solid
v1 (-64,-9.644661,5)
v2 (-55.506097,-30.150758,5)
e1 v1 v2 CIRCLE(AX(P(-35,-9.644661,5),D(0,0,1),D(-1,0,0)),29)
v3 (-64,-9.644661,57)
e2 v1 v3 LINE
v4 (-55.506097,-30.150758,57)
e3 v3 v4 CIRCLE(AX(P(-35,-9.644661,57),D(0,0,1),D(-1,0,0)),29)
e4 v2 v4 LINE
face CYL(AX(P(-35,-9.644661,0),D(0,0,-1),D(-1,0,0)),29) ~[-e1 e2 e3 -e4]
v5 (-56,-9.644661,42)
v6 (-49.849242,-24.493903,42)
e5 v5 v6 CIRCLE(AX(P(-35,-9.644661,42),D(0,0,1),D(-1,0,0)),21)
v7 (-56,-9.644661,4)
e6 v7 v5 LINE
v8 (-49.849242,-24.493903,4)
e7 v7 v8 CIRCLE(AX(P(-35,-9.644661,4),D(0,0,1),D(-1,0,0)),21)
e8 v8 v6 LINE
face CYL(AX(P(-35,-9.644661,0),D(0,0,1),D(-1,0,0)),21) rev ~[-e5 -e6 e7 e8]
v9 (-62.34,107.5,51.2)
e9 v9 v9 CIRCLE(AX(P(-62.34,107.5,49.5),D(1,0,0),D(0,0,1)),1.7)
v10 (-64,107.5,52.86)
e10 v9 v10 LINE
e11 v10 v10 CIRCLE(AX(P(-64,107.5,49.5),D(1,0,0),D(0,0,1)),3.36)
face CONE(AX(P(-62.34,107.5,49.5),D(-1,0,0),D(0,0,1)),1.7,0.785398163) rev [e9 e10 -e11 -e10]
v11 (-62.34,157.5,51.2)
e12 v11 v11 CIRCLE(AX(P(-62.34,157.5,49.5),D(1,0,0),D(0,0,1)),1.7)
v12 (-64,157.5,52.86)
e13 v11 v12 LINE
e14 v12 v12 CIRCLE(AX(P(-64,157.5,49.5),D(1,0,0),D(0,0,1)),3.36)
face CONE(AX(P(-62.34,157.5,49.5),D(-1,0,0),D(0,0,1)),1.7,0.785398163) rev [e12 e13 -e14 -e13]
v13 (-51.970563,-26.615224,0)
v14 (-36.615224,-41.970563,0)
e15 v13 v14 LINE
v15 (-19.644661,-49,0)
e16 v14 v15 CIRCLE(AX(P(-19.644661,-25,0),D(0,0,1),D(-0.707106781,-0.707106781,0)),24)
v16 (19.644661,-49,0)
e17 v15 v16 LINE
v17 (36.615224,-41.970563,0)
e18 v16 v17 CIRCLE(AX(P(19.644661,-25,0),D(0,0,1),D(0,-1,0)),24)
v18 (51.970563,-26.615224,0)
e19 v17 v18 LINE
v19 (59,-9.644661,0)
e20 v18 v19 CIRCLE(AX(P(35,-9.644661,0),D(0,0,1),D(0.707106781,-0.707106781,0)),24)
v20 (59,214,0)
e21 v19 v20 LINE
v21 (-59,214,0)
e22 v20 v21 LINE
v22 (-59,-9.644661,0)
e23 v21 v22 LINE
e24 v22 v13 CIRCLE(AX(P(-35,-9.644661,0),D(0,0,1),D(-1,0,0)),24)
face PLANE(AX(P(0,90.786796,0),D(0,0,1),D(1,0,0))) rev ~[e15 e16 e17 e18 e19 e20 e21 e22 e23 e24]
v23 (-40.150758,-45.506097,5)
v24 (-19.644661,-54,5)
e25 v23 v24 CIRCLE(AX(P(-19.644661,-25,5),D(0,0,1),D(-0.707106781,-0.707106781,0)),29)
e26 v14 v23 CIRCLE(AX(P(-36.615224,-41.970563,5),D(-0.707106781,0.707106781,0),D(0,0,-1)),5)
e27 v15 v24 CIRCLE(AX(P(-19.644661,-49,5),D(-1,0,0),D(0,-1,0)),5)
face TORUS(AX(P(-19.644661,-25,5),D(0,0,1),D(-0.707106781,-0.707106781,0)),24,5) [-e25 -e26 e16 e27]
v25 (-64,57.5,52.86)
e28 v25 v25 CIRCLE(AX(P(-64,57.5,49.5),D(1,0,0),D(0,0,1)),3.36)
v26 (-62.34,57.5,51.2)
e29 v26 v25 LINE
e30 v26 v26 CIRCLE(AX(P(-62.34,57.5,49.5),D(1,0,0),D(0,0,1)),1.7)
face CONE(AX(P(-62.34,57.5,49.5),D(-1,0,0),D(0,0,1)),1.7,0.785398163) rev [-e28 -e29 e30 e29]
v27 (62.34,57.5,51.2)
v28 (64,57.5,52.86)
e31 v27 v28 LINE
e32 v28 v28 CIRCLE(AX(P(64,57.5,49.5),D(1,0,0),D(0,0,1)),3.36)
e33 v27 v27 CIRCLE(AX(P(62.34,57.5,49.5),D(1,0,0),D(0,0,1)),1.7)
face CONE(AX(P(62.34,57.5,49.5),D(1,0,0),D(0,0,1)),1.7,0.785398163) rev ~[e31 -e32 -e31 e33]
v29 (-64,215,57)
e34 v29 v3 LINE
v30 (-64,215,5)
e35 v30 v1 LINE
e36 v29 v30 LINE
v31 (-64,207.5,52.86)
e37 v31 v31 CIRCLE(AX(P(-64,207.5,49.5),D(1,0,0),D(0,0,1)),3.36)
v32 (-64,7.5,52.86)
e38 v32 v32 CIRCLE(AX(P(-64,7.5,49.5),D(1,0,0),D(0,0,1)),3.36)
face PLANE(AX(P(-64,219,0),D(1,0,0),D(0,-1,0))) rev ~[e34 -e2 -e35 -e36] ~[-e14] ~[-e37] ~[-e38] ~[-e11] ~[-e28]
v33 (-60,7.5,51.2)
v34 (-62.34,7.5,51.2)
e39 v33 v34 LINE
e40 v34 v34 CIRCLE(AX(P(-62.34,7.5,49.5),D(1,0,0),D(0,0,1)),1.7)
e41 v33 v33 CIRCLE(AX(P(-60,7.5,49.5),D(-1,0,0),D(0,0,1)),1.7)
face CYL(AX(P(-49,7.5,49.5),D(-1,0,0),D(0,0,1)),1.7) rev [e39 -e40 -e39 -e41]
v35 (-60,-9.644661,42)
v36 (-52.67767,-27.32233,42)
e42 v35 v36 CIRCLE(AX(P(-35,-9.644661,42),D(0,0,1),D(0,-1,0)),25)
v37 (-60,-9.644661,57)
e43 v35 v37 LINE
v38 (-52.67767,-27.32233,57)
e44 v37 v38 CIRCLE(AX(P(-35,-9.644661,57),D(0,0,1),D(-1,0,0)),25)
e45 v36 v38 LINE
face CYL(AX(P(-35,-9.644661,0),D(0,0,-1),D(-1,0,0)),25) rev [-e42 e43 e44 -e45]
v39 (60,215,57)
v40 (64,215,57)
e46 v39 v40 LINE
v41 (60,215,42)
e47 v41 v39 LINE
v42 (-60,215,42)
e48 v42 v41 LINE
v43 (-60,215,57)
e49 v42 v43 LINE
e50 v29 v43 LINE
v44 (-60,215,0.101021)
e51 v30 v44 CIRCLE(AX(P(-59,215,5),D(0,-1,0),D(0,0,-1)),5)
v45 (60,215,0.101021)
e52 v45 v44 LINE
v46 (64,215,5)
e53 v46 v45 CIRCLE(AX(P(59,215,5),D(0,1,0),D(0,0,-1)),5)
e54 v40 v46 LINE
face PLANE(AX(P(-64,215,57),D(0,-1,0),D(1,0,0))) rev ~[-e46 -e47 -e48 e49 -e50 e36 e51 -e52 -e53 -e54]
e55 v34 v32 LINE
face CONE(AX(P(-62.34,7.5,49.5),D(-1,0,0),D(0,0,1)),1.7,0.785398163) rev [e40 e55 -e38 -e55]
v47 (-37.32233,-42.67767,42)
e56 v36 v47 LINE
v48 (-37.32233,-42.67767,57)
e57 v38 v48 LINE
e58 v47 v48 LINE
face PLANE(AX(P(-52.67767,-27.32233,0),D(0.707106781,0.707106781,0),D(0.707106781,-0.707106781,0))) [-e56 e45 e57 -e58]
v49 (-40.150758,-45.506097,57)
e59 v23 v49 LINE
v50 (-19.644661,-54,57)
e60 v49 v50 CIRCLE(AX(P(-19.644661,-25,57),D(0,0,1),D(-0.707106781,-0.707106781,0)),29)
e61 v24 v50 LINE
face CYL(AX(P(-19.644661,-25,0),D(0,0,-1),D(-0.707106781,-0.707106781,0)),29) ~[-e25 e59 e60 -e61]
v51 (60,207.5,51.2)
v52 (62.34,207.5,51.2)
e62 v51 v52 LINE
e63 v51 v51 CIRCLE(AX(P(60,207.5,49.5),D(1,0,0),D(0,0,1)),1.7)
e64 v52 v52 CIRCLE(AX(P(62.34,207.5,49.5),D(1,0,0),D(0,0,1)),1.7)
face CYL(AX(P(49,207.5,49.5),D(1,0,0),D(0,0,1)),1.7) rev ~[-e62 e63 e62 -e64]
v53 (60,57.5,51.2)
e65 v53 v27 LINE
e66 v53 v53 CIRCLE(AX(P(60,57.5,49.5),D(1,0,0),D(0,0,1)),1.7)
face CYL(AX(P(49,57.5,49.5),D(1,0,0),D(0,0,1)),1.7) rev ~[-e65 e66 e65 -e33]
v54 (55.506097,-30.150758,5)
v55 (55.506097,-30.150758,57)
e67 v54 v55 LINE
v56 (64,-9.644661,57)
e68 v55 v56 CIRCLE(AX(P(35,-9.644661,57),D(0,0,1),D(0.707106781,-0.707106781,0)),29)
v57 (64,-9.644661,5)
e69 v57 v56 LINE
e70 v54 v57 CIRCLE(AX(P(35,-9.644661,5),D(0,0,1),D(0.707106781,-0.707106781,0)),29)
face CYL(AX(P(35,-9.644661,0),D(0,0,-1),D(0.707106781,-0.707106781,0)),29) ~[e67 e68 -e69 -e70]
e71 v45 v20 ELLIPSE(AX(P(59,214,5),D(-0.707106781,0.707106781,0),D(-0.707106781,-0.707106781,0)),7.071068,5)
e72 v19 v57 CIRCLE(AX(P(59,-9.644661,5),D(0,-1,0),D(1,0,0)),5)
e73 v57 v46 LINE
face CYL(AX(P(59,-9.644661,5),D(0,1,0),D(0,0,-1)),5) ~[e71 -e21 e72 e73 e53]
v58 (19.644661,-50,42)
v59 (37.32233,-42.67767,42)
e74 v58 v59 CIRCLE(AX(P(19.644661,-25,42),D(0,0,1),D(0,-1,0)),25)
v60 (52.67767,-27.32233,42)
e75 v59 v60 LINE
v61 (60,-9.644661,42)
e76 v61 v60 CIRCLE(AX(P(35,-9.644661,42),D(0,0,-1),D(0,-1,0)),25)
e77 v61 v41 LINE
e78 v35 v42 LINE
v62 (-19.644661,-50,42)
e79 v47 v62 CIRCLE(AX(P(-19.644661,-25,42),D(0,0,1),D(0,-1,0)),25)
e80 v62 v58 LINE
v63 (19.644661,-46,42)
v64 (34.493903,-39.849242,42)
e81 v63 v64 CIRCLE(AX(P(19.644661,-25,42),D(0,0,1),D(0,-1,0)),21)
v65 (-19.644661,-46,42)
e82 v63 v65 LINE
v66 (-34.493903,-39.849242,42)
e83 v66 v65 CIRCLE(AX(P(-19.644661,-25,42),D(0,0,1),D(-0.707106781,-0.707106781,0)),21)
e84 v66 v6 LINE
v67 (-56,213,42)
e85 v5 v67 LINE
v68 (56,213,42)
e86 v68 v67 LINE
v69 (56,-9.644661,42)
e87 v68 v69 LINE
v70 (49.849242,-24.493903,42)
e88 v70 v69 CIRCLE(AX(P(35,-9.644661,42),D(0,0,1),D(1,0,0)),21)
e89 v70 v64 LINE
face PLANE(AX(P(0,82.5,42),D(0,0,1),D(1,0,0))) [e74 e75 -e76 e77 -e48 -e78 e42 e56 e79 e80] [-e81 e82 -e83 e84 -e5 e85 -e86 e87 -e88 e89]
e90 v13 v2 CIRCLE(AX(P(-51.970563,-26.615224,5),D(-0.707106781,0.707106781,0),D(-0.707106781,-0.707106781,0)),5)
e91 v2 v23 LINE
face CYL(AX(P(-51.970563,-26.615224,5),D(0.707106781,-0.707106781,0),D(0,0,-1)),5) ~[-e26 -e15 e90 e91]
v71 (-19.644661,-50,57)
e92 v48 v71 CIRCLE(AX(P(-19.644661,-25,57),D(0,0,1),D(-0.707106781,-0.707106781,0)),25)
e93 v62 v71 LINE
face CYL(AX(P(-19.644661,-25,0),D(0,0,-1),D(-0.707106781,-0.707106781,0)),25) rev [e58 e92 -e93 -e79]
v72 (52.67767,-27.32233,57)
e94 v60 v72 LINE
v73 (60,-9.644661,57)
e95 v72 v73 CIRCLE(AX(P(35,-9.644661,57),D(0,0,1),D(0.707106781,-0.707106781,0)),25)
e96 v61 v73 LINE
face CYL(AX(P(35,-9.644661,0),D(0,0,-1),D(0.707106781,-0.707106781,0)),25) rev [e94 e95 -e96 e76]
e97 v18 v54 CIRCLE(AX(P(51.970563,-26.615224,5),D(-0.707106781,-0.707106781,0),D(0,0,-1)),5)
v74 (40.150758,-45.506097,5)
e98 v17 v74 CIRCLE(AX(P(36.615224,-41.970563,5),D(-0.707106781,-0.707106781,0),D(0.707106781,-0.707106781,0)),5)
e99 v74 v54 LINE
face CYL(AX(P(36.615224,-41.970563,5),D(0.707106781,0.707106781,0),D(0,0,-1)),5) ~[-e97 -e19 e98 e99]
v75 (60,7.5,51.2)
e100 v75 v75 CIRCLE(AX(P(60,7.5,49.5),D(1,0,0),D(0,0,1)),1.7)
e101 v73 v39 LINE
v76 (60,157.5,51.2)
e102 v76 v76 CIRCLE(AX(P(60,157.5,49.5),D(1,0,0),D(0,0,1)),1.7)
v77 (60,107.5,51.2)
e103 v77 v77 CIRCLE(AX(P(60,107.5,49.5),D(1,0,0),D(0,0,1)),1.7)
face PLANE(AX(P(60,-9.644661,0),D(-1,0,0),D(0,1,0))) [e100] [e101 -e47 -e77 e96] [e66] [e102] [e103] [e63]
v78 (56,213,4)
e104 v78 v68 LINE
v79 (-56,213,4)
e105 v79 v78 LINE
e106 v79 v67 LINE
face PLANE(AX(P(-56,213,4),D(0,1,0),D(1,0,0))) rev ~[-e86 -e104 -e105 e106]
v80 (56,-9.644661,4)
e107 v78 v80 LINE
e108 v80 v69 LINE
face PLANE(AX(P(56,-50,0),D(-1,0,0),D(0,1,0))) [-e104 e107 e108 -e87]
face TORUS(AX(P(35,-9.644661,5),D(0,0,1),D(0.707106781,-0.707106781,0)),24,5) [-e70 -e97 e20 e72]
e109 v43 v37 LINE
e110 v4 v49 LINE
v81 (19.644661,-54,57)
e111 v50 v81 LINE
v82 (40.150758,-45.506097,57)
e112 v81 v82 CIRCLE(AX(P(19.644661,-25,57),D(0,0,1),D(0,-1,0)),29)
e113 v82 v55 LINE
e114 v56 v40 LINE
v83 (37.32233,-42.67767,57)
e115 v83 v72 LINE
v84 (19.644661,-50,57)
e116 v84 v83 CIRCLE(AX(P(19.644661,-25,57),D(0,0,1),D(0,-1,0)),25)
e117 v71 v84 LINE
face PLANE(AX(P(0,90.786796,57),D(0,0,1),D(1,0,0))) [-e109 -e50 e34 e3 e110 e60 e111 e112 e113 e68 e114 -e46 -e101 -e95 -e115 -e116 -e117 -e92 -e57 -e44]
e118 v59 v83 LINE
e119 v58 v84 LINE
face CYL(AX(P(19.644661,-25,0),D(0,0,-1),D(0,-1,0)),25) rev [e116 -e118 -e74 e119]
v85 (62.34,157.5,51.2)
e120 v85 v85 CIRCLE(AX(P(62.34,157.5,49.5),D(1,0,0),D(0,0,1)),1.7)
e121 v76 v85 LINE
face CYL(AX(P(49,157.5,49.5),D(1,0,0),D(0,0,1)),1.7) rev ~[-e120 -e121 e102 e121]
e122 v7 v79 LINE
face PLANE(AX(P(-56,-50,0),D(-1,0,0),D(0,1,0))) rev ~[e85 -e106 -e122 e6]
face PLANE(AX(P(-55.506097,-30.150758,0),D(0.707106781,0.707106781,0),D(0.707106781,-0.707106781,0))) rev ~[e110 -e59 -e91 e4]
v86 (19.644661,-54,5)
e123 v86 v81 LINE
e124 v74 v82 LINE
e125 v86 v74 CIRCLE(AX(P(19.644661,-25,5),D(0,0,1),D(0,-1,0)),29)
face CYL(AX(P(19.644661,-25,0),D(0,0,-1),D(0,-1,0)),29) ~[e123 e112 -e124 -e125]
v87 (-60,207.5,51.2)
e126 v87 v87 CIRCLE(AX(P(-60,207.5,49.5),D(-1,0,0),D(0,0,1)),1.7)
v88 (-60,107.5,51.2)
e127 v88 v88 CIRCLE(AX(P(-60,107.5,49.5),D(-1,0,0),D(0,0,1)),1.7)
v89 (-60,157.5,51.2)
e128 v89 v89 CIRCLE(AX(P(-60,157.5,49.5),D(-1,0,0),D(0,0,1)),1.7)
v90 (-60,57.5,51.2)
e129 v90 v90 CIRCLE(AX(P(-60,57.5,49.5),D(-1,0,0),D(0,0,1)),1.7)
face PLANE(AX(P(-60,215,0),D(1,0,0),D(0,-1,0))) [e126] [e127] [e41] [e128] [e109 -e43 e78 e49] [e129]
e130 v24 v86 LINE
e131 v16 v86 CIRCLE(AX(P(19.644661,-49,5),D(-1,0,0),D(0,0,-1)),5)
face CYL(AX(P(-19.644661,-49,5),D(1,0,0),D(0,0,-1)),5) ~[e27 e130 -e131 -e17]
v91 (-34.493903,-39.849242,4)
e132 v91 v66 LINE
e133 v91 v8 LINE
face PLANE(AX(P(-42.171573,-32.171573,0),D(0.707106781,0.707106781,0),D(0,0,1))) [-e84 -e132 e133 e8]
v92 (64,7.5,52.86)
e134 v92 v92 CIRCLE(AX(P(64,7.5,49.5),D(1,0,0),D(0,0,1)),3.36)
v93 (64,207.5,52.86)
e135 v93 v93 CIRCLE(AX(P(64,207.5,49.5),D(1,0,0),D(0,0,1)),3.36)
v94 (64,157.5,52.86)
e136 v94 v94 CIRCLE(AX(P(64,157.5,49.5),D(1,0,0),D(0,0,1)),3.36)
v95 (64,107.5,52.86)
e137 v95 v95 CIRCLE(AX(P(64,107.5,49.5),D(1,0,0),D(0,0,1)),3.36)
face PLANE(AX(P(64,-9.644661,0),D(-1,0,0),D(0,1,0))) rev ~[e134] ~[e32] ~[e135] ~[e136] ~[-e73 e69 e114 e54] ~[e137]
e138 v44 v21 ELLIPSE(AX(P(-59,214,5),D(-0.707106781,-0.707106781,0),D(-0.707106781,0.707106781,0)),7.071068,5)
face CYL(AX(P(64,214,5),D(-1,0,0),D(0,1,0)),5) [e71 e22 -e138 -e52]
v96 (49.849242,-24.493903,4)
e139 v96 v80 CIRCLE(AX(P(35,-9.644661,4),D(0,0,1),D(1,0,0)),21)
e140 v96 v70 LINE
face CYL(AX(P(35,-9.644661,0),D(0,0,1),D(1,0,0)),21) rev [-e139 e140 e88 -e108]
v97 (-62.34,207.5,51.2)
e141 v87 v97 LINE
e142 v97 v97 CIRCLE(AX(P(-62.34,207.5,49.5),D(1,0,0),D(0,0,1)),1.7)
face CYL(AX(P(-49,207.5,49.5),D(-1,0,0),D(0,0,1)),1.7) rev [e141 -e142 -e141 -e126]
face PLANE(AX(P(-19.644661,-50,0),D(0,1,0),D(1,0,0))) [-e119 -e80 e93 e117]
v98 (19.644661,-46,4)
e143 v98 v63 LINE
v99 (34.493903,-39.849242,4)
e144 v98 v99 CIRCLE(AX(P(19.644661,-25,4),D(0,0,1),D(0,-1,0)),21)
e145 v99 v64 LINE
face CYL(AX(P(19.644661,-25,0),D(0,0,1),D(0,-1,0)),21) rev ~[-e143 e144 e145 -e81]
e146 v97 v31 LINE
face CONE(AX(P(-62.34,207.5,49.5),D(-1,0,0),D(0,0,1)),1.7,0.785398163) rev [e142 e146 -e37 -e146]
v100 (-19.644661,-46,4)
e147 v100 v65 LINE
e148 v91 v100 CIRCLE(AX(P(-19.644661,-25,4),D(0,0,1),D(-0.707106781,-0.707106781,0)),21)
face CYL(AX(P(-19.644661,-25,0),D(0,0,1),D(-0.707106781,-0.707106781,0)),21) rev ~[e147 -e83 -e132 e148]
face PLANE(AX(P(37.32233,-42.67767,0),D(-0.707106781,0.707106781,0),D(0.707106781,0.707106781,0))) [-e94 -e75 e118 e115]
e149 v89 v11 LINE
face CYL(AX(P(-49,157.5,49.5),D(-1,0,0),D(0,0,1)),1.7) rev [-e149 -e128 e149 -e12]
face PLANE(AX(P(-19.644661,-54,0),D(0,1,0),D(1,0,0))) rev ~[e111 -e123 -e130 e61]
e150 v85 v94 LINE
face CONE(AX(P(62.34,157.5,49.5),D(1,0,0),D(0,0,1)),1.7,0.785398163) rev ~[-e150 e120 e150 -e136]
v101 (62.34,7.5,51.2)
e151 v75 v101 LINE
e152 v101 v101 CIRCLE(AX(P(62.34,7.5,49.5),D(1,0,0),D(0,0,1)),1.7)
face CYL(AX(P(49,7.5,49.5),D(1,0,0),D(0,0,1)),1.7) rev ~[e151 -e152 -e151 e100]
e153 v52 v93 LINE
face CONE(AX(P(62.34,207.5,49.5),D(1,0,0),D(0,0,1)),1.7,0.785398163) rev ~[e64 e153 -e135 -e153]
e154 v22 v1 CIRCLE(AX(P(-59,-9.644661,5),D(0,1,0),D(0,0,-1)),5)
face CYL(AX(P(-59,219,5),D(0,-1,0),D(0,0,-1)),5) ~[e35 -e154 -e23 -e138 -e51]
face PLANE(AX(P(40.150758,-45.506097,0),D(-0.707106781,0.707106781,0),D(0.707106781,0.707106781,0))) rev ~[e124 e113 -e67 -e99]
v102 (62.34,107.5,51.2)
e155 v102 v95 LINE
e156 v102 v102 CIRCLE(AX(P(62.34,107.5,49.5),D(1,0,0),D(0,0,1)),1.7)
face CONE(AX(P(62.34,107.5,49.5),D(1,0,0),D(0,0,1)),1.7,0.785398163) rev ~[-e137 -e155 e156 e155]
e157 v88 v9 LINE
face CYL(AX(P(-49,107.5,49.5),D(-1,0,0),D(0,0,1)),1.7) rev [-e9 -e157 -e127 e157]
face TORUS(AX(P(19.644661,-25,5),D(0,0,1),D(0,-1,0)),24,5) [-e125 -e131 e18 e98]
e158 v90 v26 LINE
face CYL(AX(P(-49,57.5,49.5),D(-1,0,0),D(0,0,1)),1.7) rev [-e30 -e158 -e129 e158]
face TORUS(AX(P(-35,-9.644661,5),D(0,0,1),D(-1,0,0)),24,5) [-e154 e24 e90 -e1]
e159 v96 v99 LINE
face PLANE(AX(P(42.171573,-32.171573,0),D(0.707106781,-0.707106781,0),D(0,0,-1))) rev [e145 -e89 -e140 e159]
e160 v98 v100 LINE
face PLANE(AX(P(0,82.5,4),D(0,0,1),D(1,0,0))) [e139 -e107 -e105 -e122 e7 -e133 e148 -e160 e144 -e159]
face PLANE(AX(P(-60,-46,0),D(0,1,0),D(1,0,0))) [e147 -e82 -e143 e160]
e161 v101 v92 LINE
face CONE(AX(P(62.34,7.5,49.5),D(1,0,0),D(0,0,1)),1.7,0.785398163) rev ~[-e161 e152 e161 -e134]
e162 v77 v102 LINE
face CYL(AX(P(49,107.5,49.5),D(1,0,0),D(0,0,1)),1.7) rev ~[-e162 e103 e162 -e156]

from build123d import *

# Parameters (mm, degrees)
SKETCH1_W                    = 120
SKETCH1_H                    = 265
BOSS_EXTRUDE1_DEPTH          = 42
CHAMFER1_SIZE                = 30
FILLET3_R                    = 25
SHELL1_T                     = -4
FILLET4_R                    = 5
BOSS_EXTRUDE2_DEPTH          = 15
BOSS_EXTRUDE2_DEPTH_BACK     = 42
FILLET7_R                    = 5
SKETCH4_W                    = 128
SKETCH4_H                    = 4
CUT_EXTRUDE1_DEPTH           = 236.172277278
CSK_FOR_M3_SFHCS1_AT_2_COUNT = 2
CSK_FOR_M3_SFHCS1_AT_2_PITCH = 50
CSK_FOR_M3_SFHCS1_AT_3_COUNT = 2
CSK_FOR_M3_SFHCS1_AT_3_PITCH = 100
CSK_FOR_M3_SFHCS1_AT_4_COUNT = 2
CSK_FOR_M3_SFHCS1_AT_4_PITCH = 150
CSK_FOR_M3_SFHCS1_AT_5_COUNT = 2
CSK_FOR_M3_SFHCS1_AT_5_PITCH = 200
SKETCH7_W                    = 112
SKETCH7_H                    = 20.766378669
CUT_EXTRUDE2_DEPTH           = 231.4994577


with BuildPart() as part:
    # Sketch1 → Boss-Extrude1 (new body)
    with BuildSketch(Plane.XY):
        with Locations((0, 82.5)):
            Rectangle(SKETCH1_W, SKETCH1_H)
    extrude(amount=BOSS_EXTRUDE1_DEPTH)

    # Chamfer1
    chamfer1_edges = [part.edges().sort_by_distance(p)[0] for p in [
        (60, -50, 21),
        (-60, -50, 21),
    ]]
    chamfer(chamfer1_edges, length=CHAMFER1_SIZE)

    # Fillet3
    fillet3_edges = [part.edges().sort_by_distance(p)[0] for p in [
        (30, -50, 21),
        (-30, -50, 21),
        (-60, -20, 21),
        (60, -20, 21),
    ]]
    fillet(fillet3_edges, radius=FILLET3_R)

    # Shell1
    shell1_openings = [part.faces().sort_by_distance(p)[0] for p in [
        (0, 86.277211475, 42),
    ]]
    offset(amount=SHELL1_T, openings=shell1_openings, kind=Kind.INTERSECTION)

    # Fillet4
    fillet4_edges = [part.edges().sort_by_distance(p)[0] for p in [
        (-56, 211, 23),
        (56, 211, 23),
    ]]
    fillet(fillet4_edges, radius=FILLET4_R)

    # Sketch2 → Boss-Extrude2 (add, two sides: drawn at the far end of the back side and taken through both)
    with BuildSketch(Plane.XY.offset(42).offset(-BOSS_EXTRUDE2_DEPTH_BACK)):
        with BuildLine():
            Line((-64, 219), (-64, -9.644660941))
            ThreePointArc((-64, -9.644660941), (-61.792506443, -20.742480479), (-55.506096654, -30.150757595))
            Line((-55.506096654, -30.150757595), (-40.150757595, -45.506096654))
            ThreePointArc((-40.150757595, -45.506096654), (-30.742480479, -51.792506443), (-19.644660941, -54))
            Line((-19.644660941, -54), (19.644660941, -54))
            ThreePointArc((19.644660941, -54), (30.742480479, -51.792506443), (40.150757595, -45.506096654))
            Line((40.150757595, -45.506096654), (55.506096654, -30.150757595))
            ThreePointArc((55.506096654, -30.150757595), (61.792506443, -20.742480479), (64, -9.644660941))
            Line((64, -9.644660941), (64, 219))
            Line((64, 219), (-64, 219))
        make_face()
        with BuildLine():
            Line((-60, 215), (-60, -9.644660941))
            ThreePointArc((-60, -9.644660941), (-58.096988313, -19.21174675), (-52.67766953, -27.32233047))
            Line((-52.67766953, -27.32233047), (-37.32233047, -42.67766953))
            ThreePointArc((-37.32233047, -42.67766953), (-29.21174675, -48.096988313), (-19.644660941, -50))
            Line((-19.644660941, -50), (19.644660941, -50))
            ThreePointArc((19.644660941, -50), (29.21174675, -48.096988313), (37.32233047, -42.67766953))
            Line((37.32233047, -42.67766953), (52.67766953, -27.32233047))
            ThreePointArc((52.67766953, -27.32233047), (58.096988313, -19.21174675), (60, -9.644660941))
            Line((60, -9.644660941), (60, 215))
            Line((60, 215), (-60, 215))
        make_face(mode=Mode.SUBTRACT)
    extrude(amount=BOSS_EXTRUDE2_DEPTH + BOSS_EXTRUDE2_DEPTH_BACK)

    # Fillet7
    fillet7_edges = [part.edges().sort_by_distance(p)[0] for p in [
        (0, 219, 0),
        (64, 104.67766953, 0),
        (61.792506443, -20.742480479, 0),
        (47.828427125, -37.828427125, 0),
        (30.742480479, -51.792506443, 0),
        (0, -54, 0),
        (-30.742480479, -51.792506443, 0),
        (-47.828427125, -37.828427125, 0),
        (-61.792506443, -20.742480479, 0),
        (-64, 104.67766953, 0),
    ]]
    fillet(fillet7_edges, radius=FILLET7_R)

    # Sketch4 → Cut-Extrude1 (cut, through all)
    with BuildSketch(Plane.XY.offset(57)):
        with Locations((0, 217)):
            Rectangle(SKETCH4_W, SKETCH4_H)
    extrude(amount=-CUT_EXTRUDE1_DEPTH, mode=Mode.SUBTRACT)

    # Sketch6 → CSK for M3 SFHCS1 (revolve, cut)
    with BuildSketch(Plane(origin=(-64, 7.5, 49.5), x_dir=(0, 0, 1), z_dir=(0, 1, 0))):
        Polygon((0, 0), (0, 16.021463052), (1.7, 15), (1.7, 1.66), (3.36, 0), align=None)
    csk_for_m3_sfhcs1 = revolve(axis=Axis((-70.35, 7.5, 49.5), (1, 0, 0)), mode=Mode.SUBTRACT)

    # CSK for M3 SFHCS1 at 2: CSK for M3 SFHCS1 ×2
    with Locations(*[(0, i * CSK_FOR_M3_SFHCS1_AT_2_PITCH, 0) for i in range(1, CSK_FOR_M3_SFHCS1_AT_2_COUNT)]):
        add(csk_for_m3_sfhcs1, mode=Mode.SUBTRACT)

    # CSK for M3 SFHCS1 at 3: CSK for M3 SFHCS1 ×2
    with Locations(*[(0, i * CSK_FOR_M3_SFHCS1_AT_3_PITCH, 0) for i in range(1, CSK_FOR_M3_SFHCS1_AT_3_COUNT)]):
        add(csk_for_m3_sfhcs1, mode=Mode.SUBTRACT)

    # CSK for M3 SFHCS1 at 4: CSK for M3 SFHCS1 ×2
    with Locations(*[(0, i * CSK_FOR_M3_SFHCS1_AT_4_PITCH, 0) for i in range(1, CSK_FOR_M3_SFHCS1_AT_4_COUNT)]):
        add(csk_for_m3_sfhcs1, mode=Mode.SUBTRACT)

    # CSK for M3 SFHCS1 at 5: CSK for M3 SFHCS1 ×2
    with Locations(*[(0, i * CSK_FOR_M3_SFHCS1_AT_5_PITCH, 0) for i in range(1, CSK_FOR_M3_SFHCS1_AT_5_COUNT)]):
        add(csk_for_m3_sfhcs1, mode=Mode.SUBTRACT)

    # Mirror1: CSK for M3 SFHCS1 across plane
    add(csk_for_m3_sfhcs1.mirror(Plane(origin=(0, 0, 0), x_dir=(0, 0, 1), z_dir=(1, 0, 0))), mode=Mode.SUBTRACT)

    # Mirror1 copy 1 sketch → Mirror1 copy 1 (revolve, cut)
    with BuildSketch(Plane(origin=(64, 57.5, 49.5), x_dir=(0, 0, 1), z_dir=(0, 1, 0))):
        Polygon((0, 0), (0, -16.021463052), (1.7, -15), (1.7, -1.66), (3.36, 0), align=None)
    revolve(axis=Axis((70.35, 57.5, 49.5), (1, 0, 0)), mode=Mode.SUBTRACT)

    # Mirror1 copy 2 sketch → Mirror1 copy 2 (revolve, cut)
    with BuildSketch(Plane(origin=(64, 107.5, 49.5), x_dir=(0, 0, 1), z_dir=(0, 1, 0))):
        Polygon((0, 0), (0, -16.021463052), (1.7, -15), (1.7, -1.66), (3.36, 0), align=None)
    revolve(axis=Axis((70.35, 107.5, 49.5), (1, 0, 0)), mode=Mode.SUBTRACT)

    # Mirror1 copy 3 sketch → Mirror1 copy 3 (revolve, cut)
    with BuildSketch(Plane(origin=(64, 157.5, 49.5), x_dir=(0, 0, 1), z_dir=(0, 1, 0))):
        Polygon((0, 0), (0, -16.021463052), (1.7, -15), (1.7, -1.66), (3.36, 0), align=None)
    revolve(axis=Axis((70.35, 157.5, 49.5), (1, 0, 0)), mode=Mode.SUBTRACT)

    # Mirror1 copy 4 sketch → Mirror1 copy 4 (revolve, cut)
    with BuildSketch(Plane(origin=(64, 207.5, 49.5), x_dir=(0, 0, 1), z_dir=(0, 1, 0))):
        Polygon((0, 0), (0, -16.021463052), (1.7, -15), (1.7, -1.66), (3.36, 0), align=None)
    revolve(axis=Axis((70.35, 207.5, 49.5), (1, 0, 0)), mode=Mode.SUBTRACT)

    # Sketch7 → Cut-Extrude2 (cut, through all)
    with BuildSketch(Plane.XY.offset(4)):
        with Locations((0, 202.616810665)):
            Rectangle(SKETCH7_W, SKETCH7_H)
    extrude(amount=CUT_EXTRUDE2_DEPTH, mode=Mode.SUBTRACT)


solid = part.part
